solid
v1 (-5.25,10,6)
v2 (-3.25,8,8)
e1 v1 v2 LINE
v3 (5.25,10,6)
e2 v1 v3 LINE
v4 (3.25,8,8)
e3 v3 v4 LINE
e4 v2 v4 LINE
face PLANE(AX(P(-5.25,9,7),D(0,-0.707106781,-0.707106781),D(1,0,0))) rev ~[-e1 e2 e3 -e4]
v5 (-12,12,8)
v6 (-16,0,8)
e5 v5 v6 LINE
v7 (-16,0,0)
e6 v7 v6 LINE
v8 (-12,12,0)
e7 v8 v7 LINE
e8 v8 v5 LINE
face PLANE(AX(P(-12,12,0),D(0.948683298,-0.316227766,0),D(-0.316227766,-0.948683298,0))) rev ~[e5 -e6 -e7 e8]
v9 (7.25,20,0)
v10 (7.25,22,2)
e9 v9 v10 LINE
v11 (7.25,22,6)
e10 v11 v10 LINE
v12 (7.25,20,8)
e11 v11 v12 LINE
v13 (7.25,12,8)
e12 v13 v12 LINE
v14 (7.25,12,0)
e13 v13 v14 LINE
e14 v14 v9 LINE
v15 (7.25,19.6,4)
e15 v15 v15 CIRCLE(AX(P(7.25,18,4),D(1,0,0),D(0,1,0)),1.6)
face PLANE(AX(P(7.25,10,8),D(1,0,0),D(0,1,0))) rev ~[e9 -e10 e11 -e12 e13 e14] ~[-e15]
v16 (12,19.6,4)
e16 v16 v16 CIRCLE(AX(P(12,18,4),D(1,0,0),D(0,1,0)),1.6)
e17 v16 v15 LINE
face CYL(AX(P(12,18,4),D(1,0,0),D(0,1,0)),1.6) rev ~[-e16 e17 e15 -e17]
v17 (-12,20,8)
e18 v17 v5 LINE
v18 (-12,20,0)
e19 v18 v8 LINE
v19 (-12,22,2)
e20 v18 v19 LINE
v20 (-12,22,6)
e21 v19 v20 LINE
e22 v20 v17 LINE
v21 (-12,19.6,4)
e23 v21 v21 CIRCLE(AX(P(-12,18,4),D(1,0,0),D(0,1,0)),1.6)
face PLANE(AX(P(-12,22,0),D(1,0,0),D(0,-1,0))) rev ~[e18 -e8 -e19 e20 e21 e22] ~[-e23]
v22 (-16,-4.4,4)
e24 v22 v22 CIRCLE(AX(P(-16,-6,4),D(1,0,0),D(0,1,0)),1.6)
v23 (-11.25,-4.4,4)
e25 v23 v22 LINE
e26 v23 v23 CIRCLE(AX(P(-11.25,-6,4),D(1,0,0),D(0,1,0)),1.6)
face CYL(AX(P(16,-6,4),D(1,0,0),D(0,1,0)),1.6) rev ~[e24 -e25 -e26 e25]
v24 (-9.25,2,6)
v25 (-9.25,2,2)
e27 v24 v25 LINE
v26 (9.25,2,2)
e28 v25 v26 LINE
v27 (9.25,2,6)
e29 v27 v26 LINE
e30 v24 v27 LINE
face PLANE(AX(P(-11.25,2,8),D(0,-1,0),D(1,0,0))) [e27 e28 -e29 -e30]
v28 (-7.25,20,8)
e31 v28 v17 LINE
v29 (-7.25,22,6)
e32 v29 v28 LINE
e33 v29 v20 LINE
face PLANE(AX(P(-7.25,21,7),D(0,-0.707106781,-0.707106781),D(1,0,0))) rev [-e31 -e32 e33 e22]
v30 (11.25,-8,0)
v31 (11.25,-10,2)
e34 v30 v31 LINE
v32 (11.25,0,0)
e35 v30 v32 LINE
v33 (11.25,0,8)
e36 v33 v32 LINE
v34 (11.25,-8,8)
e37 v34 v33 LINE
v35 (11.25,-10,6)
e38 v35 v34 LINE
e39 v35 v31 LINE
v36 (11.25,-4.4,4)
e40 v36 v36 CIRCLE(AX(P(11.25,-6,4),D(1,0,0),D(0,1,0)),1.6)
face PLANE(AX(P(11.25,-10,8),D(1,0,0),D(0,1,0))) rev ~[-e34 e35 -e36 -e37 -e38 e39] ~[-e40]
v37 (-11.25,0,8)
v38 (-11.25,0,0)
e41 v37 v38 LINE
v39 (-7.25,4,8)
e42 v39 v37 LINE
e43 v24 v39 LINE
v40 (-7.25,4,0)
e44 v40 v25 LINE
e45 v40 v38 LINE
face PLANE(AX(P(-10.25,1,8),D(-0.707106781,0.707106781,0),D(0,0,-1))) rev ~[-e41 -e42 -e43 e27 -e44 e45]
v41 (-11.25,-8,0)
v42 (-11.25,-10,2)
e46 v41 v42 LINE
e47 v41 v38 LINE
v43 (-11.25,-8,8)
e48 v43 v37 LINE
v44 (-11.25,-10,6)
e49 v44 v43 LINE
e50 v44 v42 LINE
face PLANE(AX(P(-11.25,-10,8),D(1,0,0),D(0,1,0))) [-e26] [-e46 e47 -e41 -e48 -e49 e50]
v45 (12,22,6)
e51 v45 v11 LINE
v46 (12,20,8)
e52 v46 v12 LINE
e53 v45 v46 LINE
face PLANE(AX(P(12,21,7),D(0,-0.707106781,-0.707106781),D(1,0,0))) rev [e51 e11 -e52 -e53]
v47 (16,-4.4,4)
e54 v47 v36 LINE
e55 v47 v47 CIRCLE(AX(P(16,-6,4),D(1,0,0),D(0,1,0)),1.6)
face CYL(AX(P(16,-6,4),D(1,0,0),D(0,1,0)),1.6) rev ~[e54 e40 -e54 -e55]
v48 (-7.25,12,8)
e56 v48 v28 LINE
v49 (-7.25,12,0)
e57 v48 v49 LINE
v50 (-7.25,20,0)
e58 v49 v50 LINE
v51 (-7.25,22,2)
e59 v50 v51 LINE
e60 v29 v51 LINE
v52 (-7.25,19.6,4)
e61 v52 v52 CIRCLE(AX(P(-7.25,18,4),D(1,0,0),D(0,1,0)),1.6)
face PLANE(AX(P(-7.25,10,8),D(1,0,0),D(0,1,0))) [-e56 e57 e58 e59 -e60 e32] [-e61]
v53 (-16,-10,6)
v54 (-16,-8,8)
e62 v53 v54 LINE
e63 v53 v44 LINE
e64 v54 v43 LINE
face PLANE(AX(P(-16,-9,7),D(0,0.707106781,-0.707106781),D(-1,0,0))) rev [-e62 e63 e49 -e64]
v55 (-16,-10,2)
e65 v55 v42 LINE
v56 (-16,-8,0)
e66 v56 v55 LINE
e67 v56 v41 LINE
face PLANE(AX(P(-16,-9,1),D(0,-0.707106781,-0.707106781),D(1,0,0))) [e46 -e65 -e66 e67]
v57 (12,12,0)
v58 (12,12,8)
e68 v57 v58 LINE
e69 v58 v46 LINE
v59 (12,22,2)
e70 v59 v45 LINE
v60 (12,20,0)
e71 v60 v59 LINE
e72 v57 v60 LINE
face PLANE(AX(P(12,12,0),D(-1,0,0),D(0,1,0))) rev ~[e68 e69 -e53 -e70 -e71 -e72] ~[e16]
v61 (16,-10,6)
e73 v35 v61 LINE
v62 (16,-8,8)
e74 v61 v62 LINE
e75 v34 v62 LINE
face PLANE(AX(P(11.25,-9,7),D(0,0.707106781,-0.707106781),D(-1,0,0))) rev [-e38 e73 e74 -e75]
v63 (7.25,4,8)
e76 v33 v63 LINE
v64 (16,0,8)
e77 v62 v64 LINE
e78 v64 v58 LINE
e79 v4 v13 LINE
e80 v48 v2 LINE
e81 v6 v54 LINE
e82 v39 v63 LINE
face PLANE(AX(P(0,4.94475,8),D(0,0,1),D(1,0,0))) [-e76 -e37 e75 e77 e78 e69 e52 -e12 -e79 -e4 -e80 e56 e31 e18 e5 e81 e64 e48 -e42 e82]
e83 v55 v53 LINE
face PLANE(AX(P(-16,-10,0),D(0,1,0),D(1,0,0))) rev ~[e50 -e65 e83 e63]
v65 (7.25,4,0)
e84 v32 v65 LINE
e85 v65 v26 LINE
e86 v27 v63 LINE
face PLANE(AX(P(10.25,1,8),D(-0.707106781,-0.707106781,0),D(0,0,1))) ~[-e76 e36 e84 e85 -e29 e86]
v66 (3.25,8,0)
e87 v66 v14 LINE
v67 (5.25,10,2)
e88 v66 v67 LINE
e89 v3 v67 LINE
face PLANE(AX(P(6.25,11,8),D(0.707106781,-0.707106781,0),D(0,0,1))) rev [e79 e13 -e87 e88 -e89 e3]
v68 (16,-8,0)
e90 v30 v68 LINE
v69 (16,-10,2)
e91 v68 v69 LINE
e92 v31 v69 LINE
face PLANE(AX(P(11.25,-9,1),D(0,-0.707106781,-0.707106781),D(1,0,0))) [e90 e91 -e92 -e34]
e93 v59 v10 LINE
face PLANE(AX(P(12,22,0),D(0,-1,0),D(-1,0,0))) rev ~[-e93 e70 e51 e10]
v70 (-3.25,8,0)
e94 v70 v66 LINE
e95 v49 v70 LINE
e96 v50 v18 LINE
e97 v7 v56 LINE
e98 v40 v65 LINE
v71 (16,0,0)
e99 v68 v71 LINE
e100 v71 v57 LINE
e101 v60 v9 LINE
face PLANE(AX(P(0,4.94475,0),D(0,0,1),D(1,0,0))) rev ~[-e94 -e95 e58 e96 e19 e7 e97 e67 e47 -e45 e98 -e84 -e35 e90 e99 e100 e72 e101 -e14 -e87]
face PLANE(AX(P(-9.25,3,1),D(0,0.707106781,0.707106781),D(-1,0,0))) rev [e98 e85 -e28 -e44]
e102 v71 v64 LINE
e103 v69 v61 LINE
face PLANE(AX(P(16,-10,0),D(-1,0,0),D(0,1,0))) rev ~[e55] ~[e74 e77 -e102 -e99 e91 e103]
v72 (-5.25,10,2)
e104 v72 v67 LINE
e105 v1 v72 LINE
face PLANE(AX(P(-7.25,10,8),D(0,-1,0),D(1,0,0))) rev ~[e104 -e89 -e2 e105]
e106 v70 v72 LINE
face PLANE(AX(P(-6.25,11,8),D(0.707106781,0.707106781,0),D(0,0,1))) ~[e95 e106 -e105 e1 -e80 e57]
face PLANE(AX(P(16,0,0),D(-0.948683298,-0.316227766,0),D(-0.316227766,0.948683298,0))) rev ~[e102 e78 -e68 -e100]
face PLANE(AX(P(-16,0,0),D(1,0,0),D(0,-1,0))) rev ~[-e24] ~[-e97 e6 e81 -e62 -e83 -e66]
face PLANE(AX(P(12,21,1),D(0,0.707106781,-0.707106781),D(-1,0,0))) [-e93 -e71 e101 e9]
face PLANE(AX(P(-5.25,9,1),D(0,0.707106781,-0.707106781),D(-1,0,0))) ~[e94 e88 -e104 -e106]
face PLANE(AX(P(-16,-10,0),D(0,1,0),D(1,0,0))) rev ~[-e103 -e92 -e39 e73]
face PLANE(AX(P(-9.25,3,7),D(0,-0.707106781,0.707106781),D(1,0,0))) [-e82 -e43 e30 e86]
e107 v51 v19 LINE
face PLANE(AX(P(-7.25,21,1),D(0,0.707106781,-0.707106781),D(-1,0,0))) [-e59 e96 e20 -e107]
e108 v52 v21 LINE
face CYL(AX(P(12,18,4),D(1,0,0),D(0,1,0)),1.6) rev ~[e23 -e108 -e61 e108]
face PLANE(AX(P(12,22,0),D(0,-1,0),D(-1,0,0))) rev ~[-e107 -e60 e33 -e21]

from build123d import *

# Parameters (mm, degrees)
F1_DEPTH = 8
F2_W     = 14.5
F2_H     = 12
F2_W_2   = 22.5
F3_DEPTH = 8
F4_R     = 1.6
F5_DEPTH = 32
F6_R     = 1.6
F7_DEPTH = 24
F8_SIZE  = 2
F9_SIZE  = 2


with BuildPart() as f1:
    # F0 (on Top) → F1 (new body)
    with BuildSketch(Plane.XY):
        Polygon((12, 22), (-12, 22), (-12, 12), (-16, 0), (-16, -10), (16, -10), (16, 0), (12, 12), align=None)
    extrude(amount=F1_DEPTH)

    # F2 (on face) → F3 (cut, through all)
    with BuildSketch(Plane.XY.offset(8)):
        with Locations((0, 16)):
            Rectangle(F2_W, F2_H)
        with Locations((0, -4)):
            Rectangle(F2_W_2, F2_H)
    extrude(amount=-F3_DEPTH, mode=Mode.SUBTRACT)

    # F4 (on face) → F5 (cut, through all)
    with BuildSketch(Plane.YZ.offset(16)):
        with Locations((-6, 4)):
            Circle(F4_R)
    extrude(amount=-F5_DEPTH, mode=Mode.SUBTRACT)

    # F6 (on face) → F7 (cut, through all)
    with BuildSketch(Plane.YZ.offset(12)):
        with Locations((18, 4)):
            Circle(F6_R)
    extrude(amount=-F7_DEPTH, mode=Mode.SUBTRACT)

    # F8
    f8_edges = [f1.edges().sort_by_distance(p)[0] for p in [
        (-11.25, 2, 4),
        (11.25, 2, 4),
        (-7.25, 10, 4),
        (7.25, 10, 4),
    ]]
    chamfer(f8_edges, length=F8_SIZE)

    # F9
    f9_edges = [f1.edges().sort_by_distance(p)[0] for p in [
        (-13.625, -10, 8),
        (-13.625, -10, 0),
        (0, 2, 8),
        (0, 2, 0),
        (13.625, -10, 8),
        (13.625, -10, 0),
        (9.625, 22, 8),
        (0, 10, 8),
        (0, 10, 0),
        (-9.625, 22, 8),
        (-9.625, 22, 0),
        (9.625, 22, 0),
    ]]
    chamfer(f9_edges, length=F9_SIZE)


solid = f1.part
